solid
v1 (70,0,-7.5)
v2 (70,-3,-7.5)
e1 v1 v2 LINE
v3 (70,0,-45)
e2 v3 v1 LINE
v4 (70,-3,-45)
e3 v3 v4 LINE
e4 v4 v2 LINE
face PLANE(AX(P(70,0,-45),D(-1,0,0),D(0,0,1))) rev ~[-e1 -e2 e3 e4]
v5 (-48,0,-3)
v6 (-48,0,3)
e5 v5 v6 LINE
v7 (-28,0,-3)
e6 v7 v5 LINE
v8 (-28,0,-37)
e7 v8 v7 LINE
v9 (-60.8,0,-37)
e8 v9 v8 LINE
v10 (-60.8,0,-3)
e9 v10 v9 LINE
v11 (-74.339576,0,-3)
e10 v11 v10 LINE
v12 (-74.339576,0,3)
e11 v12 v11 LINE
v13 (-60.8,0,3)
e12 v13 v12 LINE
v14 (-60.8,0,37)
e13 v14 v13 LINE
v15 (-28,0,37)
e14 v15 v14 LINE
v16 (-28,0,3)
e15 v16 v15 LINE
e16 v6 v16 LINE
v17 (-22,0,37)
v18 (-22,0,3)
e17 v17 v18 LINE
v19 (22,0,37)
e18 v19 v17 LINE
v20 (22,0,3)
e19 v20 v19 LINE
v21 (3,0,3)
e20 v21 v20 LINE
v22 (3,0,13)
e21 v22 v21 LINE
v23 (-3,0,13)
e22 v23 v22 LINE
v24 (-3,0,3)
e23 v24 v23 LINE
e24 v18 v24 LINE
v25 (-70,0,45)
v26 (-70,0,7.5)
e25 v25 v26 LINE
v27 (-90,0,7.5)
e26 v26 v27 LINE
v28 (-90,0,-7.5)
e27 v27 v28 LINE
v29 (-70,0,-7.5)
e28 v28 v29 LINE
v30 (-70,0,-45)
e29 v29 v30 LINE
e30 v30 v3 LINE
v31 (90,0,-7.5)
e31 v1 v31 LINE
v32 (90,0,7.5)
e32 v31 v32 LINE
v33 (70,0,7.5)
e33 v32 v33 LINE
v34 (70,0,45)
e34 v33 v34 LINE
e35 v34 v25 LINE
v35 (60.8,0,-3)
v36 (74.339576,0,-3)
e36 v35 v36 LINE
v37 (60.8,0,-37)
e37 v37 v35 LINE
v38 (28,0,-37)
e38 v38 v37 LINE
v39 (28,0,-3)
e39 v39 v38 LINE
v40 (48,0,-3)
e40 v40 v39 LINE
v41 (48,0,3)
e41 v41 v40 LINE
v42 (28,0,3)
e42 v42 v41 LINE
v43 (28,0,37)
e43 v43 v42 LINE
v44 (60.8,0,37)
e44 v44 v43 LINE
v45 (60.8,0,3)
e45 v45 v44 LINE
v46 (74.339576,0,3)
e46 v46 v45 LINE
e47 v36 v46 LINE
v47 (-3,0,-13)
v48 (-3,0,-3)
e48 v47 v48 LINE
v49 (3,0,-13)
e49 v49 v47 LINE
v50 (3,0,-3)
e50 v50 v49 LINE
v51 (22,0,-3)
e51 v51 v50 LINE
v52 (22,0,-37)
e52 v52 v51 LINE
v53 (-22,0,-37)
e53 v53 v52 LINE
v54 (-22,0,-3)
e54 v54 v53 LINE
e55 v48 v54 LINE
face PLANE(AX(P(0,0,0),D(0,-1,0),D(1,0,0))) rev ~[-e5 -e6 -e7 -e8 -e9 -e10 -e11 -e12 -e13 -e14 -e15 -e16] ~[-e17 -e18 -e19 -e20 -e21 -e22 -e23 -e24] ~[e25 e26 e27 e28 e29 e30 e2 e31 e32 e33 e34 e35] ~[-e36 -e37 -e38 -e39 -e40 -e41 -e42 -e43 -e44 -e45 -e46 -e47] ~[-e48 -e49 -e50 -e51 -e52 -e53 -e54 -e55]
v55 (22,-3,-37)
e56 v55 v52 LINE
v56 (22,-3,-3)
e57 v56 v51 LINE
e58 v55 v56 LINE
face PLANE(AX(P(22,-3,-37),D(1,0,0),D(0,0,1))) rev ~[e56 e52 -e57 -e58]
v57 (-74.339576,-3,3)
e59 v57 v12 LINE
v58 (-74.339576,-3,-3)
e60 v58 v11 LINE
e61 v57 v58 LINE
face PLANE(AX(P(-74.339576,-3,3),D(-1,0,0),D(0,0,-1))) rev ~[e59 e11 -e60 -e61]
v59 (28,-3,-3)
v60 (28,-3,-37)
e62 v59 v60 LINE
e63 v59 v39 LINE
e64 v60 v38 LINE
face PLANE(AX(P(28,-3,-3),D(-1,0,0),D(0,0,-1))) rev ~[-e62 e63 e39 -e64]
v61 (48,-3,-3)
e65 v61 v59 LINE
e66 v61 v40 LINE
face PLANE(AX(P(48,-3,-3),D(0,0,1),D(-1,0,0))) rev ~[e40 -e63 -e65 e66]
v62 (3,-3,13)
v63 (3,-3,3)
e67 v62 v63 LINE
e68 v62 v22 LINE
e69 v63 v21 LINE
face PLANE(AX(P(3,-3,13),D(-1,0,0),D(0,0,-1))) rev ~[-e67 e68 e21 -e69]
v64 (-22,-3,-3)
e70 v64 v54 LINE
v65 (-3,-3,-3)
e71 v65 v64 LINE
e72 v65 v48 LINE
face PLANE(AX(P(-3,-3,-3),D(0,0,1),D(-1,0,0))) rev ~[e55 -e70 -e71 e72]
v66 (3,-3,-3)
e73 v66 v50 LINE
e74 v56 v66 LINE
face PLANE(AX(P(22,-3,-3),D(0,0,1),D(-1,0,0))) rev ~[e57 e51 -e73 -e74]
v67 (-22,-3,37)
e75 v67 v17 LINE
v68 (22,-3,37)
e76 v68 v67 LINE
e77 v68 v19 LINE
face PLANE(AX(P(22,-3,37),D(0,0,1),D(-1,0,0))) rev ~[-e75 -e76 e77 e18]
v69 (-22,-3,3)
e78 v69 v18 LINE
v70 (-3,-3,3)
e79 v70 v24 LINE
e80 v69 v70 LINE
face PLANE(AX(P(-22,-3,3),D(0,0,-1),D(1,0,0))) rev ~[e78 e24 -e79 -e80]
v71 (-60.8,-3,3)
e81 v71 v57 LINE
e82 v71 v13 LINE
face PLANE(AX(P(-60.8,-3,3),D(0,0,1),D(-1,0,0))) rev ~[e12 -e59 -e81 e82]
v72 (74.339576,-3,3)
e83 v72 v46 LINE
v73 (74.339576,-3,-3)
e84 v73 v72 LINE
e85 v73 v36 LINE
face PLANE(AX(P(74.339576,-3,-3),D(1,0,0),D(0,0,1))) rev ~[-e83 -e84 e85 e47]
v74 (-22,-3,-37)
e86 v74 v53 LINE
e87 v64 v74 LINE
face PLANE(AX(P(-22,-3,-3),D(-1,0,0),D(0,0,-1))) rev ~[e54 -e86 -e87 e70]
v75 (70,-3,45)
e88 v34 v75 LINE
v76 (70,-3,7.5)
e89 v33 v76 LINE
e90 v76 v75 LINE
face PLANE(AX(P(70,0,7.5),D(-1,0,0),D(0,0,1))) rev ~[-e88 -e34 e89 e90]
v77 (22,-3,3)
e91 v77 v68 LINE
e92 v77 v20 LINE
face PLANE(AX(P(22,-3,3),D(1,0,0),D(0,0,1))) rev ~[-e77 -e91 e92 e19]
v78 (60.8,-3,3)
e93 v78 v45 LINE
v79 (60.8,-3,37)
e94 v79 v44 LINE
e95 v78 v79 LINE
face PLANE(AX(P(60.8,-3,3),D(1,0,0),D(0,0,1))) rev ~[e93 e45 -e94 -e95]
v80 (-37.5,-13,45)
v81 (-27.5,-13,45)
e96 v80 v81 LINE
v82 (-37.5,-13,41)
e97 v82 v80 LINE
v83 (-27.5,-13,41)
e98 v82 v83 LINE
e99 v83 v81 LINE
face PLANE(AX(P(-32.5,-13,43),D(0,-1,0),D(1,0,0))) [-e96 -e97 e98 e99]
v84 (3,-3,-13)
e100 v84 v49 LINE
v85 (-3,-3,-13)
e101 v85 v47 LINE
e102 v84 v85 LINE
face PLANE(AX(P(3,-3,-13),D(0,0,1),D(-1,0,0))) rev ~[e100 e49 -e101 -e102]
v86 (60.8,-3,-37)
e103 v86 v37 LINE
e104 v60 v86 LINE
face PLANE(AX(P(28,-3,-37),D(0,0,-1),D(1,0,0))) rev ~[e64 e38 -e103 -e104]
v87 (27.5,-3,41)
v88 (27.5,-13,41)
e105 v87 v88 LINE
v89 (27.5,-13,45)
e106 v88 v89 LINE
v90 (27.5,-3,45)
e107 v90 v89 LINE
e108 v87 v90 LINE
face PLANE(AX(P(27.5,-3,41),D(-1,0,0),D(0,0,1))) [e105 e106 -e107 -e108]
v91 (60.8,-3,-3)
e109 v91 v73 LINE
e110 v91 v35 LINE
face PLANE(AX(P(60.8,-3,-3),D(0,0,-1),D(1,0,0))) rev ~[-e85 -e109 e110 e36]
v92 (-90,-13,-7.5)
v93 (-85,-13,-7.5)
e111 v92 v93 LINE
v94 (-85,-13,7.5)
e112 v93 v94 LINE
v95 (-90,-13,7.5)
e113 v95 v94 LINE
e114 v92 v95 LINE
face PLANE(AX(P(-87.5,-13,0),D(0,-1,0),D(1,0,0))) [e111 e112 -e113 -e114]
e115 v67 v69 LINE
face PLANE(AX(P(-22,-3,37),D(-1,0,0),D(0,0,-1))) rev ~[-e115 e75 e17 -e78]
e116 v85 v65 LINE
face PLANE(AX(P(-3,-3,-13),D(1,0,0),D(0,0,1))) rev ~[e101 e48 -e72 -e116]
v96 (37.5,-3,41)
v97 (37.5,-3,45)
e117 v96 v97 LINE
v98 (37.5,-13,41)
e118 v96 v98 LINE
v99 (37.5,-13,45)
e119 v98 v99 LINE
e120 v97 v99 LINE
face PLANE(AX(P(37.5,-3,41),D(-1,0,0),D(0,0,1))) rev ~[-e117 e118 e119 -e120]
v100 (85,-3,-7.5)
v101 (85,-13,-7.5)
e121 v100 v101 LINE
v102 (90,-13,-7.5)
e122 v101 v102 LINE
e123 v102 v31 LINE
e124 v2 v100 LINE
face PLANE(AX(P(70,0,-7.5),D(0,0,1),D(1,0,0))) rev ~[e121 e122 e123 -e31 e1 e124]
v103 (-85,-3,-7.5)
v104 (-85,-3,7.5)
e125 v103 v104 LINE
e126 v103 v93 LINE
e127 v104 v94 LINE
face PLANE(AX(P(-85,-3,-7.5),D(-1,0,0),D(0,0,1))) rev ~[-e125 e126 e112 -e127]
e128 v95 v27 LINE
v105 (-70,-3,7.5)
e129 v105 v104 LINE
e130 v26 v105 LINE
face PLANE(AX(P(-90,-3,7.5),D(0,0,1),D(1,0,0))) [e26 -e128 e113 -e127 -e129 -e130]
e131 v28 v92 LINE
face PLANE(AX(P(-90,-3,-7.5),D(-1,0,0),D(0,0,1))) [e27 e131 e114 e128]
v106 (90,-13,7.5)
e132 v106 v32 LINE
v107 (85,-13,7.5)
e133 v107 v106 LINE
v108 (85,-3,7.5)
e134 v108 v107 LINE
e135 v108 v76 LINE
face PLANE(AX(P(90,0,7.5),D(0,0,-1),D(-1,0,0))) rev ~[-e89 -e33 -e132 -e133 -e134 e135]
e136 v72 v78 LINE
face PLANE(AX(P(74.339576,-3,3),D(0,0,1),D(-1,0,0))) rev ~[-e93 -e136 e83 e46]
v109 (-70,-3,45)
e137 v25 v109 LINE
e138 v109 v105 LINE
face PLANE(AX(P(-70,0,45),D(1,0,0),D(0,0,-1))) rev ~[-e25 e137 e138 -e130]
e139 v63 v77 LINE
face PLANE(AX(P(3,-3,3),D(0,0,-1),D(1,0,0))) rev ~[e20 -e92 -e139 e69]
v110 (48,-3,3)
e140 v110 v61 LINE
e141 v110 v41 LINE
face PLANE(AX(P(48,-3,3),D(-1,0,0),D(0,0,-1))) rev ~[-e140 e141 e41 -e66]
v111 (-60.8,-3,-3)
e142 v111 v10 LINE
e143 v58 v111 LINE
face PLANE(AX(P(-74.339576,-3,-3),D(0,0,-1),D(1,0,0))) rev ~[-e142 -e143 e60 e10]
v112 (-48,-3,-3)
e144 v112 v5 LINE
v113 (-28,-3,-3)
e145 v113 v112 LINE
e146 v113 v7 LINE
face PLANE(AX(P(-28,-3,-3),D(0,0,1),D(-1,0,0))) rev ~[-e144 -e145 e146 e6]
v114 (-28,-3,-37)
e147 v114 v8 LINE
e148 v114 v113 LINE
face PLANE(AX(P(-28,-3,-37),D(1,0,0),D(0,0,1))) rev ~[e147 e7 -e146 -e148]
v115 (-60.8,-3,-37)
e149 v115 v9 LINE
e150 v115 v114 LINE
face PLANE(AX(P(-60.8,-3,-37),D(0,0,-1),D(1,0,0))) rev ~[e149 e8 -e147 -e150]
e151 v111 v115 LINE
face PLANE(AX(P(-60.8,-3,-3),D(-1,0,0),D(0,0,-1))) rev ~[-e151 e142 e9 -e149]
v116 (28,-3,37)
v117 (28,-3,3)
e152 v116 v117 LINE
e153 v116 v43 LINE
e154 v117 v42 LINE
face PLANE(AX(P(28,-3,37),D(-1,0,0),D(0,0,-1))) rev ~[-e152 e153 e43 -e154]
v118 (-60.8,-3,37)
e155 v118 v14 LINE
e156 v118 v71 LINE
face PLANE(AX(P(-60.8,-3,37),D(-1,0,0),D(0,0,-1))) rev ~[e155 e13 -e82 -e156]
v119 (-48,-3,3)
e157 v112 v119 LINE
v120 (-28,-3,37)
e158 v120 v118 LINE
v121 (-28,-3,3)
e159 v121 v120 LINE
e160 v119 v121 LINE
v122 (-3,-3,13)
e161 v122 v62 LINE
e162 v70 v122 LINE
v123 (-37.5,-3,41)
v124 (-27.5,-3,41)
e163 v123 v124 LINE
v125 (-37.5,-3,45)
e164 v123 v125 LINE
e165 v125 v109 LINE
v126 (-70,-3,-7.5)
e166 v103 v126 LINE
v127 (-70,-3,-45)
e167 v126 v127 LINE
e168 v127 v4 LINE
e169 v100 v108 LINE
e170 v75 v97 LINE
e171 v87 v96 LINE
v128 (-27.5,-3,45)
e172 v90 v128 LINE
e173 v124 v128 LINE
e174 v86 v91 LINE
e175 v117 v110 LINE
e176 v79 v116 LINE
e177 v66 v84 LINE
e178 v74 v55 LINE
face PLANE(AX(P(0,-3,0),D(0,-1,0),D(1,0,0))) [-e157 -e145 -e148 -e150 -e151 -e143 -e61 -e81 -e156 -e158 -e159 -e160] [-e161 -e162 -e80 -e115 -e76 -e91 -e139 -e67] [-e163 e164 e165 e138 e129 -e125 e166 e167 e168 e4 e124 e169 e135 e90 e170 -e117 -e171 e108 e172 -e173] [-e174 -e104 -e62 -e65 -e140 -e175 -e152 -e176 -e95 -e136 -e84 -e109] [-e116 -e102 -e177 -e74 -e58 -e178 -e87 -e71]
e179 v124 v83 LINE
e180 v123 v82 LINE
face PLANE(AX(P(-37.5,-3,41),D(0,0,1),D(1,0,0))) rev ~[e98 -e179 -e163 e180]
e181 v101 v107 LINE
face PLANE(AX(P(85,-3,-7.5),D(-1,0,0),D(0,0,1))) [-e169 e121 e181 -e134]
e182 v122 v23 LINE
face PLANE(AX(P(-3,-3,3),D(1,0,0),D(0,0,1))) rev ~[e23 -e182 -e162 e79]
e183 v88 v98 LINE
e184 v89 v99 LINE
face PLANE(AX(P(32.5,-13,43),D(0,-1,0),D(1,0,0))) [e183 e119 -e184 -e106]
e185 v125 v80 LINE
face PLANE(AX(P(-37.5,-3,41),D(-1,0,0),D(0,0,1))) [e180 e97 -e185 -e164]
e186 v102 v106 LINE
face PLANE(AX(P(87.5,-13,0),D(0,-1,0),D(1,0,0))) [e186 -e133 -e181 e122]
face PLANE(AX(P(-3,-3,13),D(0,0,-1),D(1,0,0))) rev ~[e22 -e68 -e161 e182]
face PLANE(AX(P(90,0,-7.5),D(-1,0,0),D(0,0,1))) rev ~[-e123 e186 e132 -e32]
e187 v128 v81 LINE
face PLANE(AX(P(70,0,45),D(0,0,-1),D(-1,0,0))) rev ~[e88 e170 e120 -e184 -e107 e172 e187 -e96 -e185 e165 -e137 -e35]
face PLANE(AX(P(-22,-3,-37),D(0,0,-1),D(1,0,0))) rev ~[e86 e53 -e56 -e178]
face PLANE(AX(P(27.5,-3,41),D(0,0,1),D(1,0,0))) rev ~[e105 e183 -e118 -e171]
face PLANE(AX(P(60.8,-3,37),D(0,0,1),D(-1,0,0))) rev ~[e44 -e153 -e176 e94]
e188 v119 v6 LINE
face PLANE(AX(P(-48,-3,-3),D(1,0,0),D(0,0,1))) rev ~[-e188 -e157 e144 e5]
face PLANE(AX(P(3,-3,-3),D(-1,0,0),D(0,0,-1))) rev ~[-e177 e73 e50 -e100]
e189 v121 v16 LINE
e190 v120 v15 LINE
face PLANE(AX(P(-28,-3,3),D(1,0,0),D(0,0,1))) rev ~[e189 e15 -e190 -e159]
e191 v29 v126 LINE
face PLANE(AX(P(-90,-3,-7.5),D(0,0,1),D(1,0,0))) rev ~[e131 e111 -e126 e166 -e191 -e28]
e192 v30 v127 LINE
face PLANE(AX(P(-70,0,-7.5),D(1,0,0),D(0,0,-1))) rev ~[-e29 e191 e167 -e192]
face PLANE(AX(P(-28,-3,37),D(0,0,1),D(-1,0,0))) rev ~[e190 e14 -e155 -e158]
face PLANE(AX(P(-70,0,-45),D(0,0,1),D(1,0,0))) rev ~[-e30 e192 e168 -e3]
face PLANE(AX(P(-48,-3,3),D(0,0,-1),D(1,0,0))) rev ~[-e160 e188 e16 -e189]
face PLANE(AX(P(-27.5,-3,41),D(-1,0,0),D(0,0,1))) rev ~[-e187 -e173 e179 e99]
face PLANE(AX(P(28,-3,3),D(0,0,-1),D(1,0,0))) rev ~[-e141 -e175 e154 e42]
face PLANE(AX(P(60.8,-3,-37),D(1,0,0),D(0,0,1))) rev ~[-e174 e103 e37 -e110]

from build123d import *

# Parameters (mm, degrees)
F1_DEPTH = 3
F3_DEPTH = 25
F4_W     = 5
F4_H     = 15
F4_W_2   = 10
F4_H_2   = 4
F5_DEPTH = 10


with BuildPart() as f1:
    # F0 (on Front) → F1 (new body)
    with BuildSketch(Plane.XZ):
        Polygon((70, 45), (-70, 45), (-70, 7.5), (-90, 7.5), (-90, -7.5), (-70, -7.5), (-70, -45), (70, -45), (70, -7.5), (90, -7.5), (90, 7.5), (70, 7.5), align=None)
    extrude(amount=F1_DEPTH)

    # F2 (on face) → F3 (cut)
    with BuildSketch(Plane.XZ.offset(3)):
        Polygon((-28, 37), (-60.8, 37), (-60.8, 3), (-74.339576, 3), (-74.339576, -3), (-60.8, -3), (-60.8, -37), (-28, -37), (-28, -3), (-48, -3), (-48, 3), (-28, 3), align=None)
        Polygon((0, 37), (-22, 37), (-22, 3), (-3, 3), (-3, 13), (0, 13), (3, 13), (3, 3), (22, 3), (22, 37), align=None)
        Polygon((-3, -13), (-3, -3), (-22, -3), (-22, -37), (0, -37), (22, -37), (22, -3), (3, -3), (3, -13), (0, -13), align=None)
        Polygon((60.8, 3), (60.8, 37), (28, 37), (28, 3), (48, 3), (48, -3), (28, -3), (28, -37), (60.8, -37), (60.8, -3), (74.339576, -3), (74.339576, 3), align=None)
    extrude(amount=-F3_DEPTH, mode=Mode.SUBTRACT)

    # F4 (on face) → F5 (join)
    with BuildSketch(Plane.XZ.offset(3)):
        with Locations((-87.5, 0)):
            Rectangle(F4_W, F4_H)
        with Locations((87.5, 0)):
            Rectangle(F4_W, F4_H)
        with Locations((-32.5, 43)):
            Rectangle(F4_W_2, F4_H_2)
        with Locations((32.5, 43)):
            Rectangle(F4_W_2, F4_H_2)
    extrude(amount=F5_DEPTH)


solid = f1.part
